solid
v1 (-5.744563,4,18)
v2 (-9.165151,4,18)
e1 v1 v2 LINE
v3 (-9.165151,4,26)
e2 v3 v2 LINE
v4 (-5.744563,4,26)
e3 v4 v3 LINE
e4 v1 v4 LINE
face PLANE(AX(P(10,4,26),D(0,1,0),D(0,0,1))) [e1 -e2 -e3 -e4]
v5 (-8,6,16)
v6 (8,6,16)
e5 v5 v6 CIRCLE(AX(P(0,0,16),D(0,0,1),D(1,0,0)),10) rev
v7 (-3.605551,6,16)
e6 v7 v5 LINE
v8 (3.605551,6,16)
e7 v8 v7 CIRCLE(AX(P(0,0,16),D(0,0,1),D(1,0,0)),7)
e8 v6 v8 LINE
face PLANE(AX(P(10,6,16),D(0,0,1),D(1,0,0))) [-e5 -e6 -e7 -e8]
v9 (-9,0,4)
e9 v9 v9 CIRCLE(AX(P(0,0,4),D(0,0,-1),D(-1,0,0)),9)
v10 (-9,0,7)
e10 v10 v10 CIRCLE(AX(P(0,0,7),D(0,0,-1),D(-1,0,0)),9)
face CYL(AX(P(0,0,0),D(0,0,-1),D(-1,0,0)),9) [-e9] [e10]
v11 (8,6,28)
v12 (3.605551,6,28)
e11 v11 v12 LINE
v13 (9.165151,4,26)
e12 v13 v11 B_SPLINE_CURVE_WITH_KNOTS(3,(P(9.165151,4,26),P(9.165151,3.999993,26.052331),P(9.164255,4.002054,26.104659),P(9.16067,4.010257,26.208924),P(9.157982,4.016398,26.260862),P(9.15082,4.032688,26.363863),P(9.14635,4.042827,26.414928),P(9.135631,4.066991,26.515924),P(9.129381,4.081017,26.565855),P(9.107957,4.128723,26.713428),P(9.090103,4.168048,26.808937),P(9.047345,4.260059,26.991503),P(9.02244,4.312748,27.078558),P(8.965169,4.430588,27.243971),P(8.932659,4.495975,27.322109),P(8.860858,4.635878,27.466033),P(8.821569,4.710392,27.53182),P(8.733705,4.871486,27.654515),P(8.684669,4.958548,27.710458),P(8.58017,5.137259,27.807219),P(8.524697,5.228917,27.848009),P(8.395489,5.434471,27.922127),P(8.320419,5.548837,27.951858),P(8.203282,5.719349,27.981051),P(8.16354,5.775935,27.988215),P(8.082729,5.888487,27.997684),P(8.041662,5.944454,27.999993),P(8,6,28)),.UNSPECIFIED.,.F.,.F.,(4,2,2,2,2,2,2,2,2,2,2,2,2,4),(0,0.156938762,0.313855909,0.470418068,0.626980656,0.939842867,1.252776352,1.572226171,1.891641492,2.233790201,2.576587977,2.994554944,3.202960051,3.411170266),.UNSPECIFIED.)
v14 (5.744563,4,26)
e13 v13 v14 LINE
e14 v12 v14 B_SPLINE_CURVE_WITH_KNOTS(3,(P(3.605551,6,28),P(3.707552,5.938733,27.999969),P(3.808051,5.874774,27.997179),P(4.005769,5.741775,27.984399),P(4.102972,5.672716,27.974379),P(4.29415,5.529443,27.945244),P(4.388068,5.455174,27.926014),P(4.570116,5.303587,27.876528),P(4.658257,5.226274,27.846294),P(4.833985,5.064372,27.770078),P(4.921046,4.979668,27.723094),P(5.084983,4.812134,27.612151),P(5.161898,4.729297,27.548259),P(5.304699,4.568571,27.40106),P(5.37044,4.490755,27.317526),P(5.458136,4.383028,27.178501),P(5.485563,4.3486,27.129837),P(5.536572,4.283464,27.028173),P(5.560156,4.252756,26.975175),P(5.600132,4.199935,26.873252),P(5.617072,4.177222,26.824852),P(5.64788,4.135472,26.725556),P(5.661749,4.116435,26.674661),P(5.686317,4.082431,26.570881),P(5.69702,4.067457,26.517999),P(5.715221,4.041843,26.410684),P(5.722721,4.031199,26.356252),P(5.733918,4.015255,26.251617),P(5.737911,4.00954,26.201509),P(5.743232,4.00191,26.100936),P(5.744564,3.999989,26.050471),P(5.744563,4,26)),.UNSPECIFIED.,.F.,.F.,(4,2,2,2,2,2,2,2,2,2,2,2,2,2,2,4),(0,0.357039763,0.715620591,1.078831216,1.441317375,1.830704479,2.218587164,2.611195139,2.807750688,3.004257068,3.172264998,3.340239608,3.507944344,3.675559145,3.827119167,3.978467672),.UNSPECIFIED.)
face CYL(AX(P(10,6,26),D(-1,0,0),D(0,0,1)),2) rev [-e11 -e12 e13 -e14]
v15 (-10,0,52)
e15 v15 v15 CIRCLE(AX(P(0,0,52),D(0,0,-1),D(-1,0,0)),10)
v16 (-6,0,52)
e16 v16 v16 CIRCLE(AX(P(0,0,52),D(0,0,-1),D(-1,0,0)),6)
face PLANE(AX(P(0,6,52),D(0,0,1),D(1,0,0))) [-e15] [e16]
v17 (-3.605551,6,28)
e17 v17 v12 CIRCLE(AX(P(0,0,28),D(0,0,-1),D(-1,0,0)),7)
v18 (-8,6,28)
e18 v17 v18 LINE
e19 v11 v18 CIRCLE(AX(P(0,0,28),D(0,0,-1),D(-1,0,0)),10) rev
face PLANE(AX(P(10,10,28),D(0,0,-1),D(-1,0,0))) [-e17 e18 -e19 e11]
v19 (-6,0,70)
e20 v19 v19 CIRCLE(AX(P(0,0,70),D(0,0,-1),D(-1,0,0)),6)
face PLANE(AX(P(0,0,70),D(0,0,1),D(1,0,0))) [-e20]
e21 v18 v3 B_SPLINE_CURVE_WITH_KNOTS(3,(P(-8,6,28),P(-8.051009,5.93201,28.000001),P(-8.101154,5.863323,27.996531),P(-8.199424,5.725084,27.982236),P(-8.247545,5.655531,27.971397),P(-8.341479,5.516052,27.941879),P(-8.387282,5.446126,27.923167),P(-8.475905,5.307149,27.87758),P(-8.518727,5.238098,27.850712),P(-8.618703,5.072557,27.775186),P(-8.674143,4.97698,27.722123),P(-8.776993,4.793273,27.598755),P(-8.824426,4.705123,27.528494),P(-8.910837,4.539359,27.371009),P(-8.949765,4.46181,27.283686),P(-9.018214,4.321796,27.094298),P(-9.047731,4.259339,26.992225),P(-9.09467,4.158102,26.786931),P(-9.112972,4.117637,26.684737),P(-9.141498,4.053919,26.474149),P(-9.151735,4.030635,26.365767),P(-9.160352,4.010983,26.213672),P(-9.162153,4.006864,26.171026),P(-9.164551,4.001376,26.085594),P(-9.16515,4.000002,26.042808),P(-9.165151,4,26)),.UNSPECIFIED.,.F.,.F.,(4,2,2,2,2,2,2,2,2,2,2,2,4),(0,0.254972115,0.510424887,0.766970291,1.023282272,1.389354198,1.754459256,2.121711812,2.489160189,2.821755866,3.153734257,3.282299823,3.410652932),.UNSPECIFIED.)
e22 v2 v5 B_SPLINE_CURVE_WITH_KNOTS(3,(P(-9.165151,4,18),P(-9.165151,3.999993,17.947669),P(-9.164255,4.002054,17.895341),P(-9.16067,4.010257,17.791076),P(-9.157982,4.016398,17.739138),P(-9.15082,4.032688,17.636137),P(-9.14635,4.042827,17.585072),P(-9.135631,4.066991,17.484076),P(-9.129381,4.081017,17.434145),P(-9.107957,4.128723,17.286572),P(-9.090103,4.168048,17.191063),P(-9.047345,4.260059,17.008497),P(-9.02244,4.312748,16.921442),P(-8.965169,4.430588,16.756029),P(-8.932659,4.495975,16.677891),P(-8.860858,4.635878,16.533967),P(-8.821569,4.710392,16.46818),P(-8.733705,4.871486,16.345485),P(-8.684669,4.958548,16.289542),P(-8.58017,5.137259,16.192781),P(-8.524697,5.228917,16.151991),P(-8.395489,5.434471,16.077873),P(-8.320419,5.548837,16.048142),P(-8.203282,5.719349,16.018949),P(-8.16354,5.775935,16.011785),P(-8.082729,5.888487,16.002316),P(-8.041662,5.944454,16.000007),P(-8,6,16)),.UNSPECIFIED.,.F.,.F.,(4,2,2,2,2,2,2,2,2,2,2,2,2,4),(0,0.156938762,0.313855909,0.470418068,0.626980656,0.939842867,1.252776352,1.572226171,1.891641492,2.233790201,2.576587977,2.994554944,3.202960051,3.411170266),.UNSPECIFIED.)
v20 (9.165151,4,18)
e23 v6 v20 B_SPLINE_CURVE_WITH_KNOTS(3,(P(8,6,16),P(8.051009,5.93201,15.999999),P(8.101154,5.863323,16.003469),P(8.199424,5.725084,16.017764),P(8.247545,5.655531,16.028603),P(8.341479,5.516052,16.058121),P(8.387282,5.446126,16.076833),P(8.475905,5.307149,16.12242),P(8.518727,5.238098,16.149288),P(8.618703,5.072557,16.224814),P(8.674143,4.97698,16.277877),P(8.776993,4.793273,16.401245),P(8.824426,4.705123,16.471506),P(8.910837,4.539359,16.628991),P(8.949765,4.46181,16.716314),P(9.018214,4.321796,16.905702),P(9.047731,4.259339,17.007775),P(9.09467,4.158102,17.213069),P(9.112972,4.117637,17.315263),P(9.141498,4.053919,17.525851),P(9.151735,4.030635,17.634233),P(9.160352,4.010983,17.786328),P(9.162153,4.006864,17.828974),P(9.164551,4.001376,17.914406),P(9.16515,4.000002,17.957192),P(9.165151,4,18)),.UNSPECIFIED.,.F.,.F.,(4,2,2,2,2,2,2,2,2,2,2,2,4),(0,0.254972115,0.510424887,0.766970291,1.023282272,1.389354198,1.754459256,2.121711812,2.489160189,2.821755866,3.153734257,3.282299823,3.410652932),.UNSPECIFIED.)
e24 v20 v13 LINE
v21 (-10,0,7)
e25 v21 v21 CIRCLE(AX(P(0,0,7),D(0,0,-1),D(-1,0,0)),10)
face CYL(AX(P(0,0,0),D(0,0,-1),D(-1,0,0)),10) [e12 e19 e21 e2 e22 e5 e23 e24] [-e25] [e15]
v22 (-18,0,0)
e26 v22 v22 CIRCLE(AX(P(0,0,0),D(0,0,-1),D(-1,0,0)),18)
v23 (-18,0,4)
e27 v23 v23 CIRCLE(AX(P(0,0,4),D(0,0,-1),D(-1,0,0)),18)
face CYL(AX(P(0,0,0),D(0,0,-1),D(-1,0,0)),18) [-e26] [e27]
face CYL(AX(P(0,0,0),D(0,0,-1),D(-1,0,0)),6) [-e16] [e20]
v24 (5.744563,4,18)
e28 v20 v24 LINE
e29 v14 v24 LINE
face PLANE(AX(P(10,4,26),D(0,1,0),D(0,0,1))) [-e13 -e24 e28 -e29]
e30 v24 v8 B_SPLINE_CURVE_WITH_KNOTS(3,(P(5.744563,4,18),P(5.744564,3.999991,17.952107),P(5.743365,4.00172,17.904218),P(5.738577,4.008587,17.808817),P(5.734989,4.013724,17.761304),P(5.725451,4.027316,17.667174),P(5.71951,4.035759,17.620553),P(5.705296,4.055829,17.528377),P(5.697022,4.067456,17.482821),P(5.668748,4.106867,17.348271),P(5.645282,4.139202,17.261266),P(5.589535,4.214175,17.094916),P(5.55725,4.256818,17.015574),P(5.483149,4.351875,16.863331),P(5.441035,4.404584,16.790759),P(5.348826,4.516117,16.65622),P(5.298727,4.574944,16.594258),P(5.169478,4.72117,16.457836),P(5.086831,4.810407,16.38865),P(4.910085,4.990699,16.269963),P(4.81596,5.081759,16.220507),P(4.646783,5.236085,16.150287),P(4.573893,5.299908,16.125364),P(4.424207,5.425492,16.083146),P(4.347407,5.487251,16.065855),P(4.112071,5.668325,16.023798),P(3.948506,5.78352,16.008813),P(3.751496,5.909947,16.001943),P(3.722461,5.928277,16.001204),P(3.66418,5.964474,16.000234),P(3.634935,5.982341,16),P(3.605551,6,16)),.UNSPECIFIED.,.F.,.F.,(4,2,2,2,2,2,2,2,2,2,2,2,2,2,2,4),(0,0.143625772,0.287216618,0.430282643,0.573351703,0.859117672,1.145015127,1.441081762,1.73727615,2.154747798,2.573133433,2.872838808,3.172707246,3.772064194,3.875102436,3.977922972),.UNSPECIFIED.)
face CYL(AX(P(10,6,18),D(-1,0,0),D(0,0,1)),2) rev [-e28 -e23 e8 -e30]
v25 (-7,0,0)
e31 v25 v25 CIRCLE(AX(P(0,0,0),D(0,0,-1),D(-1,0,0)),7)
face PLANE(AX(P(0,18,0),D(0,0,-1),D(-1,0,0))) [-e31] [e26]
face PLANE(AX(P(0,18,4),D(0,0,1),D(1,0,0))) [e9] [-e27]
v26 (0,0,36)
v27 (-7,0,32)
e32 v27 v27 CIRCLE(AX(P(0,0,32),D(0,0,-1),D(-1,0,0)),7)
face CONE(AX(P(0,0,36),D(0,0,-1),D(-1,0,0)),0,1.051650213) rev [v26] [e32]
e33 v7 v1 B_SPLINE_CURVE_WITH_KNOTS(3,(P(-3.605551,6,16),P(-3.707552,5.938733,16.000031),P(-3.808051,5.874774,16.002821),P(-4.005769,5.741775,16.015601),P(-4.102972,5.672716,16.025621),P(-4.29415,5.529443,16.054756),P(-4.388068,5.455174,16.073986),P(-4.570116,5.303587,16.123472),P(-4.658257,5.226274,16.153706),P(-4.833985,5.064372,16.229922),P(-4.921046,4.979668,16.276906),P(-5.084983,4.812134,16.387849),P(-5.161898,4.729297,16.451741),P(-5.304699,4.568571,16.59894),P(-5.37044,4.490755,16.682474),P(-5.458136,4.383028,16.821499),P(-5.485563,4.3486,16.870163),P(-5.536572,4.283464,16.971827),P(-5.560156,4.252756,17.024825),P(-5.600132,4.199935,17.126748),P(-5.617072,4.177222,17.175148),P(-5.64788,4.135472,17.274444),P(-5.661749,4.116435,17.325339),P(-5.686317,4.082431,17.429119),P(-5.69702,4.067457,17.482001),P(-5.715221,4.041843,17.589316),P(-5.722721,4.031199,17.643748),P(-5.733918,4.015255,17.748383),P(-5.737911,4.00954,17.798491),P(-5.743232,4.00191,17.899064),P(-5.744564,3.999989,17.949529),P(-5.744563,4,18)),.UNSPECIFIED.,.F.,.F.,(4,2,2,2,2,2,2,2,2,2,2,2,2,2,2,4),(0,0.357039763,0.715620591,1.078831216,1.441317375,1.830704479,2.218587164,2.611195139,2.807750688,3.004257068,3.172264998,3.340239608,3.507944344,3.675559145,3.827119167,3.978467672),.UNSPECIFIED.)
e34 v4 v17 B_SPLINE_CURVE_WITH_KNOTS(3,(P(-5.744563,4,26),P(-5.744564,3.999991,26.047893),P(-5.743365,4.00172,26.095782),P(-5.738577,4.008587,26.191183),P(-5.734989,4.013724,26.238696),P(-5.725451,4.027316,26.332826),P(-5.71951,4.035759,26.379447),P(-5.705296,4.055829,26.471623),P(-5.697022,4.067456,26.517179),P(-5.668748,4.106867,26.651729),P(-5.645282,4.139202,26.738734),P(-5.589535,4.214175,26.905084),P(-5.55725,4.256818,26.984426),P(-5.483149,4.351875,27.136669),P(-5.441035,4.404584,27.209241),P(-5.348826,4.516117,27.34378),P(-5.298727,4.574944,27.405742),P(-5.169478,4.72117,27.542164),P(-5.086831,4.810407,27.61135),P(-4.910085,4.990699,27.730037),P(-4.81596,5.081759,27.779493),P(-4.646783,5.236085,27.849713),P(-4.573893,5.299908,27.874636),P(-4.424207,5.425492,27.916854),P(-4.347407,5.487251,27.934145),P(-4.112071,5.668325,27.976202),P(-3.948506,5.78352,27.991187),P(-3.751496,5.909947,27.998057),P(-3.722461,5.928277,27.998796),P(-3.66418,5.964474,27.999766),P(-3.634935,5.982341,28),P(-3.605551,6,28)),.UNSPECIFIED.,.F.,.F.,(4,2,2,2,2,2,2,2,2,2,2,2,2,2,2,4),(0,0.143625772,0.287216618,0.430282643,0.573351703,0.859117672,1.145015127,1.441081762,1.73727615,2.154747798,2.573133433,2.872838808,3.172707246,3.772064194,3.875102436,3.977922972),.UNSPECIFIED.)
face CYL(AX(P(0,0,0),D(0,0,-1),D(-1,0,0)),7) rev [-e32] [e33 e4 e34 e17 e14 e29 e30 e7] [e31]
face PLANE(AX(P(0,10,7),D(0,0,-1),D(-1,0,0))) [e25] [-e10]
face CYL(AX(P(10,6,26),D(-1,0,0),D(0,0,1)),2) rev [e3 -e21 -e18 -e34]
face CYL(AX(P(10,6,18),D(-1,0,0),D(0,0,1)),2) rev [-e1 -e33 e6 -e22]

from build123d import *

# Parameters (mm, degrees)
ENL_V_MAT_EXTRU_1_DEPTH      = 10
ENL_V_MAT_EXTRU_1_DEPTH_BACK = 10


with BuildPart() as part:
    # Esquisse1 → Révolution1 (revolve)
    with BuildSketch(Plane(origin=(0, 0, 0), x_dir=(0, 0, -1), z_dir=(1, 0, 0))):
        Polygon((-70, 0), (-36, 0), (-32, 7), (0, 7), (0, 18), (-4, 18), (-4, 9), (-7, 9), (-7, 10), (-52, 10), (-52, 6), (-70, 6), align=None)
    revolve(axis=Axis((0, 0, 0), (0, 0, 1)))

    # Esquisse2 → Enlèv. mat.-Extru.1 (cut, two sides: drawn at the far end of the back side and taken through both)
    with BuildSketch(Plane(origin=(0, 0, 0), x_dir=(0, 0, -1), z_dir=(1, 0, 0)).offset(-ENL_V_MAT_EXTRU_1_DEPTH_BACK)):
        with BuildLine():
            Line((-16, 10), (-28, 10))
            Line((-28, 10), (-28, 6))
            ThreePointArc((-28, 6), (-27.414213562, 4.585786438), (-26, 4))
            Line((-26, 4), (-18, 4))
            ThreePointArc((-18, 4), (-16.585786438, 4.585786438), (-16, 6))
            Line((-16, 6), (-16, 10))
        make_face()
    extrude(amount=ENL_V_MAT_EXTRU_1_DEPTH + ENL_V_MAT_EXTRU_1_DEPTH_BACK, mode=Mode.SUBTRACT)


solid = part.part
